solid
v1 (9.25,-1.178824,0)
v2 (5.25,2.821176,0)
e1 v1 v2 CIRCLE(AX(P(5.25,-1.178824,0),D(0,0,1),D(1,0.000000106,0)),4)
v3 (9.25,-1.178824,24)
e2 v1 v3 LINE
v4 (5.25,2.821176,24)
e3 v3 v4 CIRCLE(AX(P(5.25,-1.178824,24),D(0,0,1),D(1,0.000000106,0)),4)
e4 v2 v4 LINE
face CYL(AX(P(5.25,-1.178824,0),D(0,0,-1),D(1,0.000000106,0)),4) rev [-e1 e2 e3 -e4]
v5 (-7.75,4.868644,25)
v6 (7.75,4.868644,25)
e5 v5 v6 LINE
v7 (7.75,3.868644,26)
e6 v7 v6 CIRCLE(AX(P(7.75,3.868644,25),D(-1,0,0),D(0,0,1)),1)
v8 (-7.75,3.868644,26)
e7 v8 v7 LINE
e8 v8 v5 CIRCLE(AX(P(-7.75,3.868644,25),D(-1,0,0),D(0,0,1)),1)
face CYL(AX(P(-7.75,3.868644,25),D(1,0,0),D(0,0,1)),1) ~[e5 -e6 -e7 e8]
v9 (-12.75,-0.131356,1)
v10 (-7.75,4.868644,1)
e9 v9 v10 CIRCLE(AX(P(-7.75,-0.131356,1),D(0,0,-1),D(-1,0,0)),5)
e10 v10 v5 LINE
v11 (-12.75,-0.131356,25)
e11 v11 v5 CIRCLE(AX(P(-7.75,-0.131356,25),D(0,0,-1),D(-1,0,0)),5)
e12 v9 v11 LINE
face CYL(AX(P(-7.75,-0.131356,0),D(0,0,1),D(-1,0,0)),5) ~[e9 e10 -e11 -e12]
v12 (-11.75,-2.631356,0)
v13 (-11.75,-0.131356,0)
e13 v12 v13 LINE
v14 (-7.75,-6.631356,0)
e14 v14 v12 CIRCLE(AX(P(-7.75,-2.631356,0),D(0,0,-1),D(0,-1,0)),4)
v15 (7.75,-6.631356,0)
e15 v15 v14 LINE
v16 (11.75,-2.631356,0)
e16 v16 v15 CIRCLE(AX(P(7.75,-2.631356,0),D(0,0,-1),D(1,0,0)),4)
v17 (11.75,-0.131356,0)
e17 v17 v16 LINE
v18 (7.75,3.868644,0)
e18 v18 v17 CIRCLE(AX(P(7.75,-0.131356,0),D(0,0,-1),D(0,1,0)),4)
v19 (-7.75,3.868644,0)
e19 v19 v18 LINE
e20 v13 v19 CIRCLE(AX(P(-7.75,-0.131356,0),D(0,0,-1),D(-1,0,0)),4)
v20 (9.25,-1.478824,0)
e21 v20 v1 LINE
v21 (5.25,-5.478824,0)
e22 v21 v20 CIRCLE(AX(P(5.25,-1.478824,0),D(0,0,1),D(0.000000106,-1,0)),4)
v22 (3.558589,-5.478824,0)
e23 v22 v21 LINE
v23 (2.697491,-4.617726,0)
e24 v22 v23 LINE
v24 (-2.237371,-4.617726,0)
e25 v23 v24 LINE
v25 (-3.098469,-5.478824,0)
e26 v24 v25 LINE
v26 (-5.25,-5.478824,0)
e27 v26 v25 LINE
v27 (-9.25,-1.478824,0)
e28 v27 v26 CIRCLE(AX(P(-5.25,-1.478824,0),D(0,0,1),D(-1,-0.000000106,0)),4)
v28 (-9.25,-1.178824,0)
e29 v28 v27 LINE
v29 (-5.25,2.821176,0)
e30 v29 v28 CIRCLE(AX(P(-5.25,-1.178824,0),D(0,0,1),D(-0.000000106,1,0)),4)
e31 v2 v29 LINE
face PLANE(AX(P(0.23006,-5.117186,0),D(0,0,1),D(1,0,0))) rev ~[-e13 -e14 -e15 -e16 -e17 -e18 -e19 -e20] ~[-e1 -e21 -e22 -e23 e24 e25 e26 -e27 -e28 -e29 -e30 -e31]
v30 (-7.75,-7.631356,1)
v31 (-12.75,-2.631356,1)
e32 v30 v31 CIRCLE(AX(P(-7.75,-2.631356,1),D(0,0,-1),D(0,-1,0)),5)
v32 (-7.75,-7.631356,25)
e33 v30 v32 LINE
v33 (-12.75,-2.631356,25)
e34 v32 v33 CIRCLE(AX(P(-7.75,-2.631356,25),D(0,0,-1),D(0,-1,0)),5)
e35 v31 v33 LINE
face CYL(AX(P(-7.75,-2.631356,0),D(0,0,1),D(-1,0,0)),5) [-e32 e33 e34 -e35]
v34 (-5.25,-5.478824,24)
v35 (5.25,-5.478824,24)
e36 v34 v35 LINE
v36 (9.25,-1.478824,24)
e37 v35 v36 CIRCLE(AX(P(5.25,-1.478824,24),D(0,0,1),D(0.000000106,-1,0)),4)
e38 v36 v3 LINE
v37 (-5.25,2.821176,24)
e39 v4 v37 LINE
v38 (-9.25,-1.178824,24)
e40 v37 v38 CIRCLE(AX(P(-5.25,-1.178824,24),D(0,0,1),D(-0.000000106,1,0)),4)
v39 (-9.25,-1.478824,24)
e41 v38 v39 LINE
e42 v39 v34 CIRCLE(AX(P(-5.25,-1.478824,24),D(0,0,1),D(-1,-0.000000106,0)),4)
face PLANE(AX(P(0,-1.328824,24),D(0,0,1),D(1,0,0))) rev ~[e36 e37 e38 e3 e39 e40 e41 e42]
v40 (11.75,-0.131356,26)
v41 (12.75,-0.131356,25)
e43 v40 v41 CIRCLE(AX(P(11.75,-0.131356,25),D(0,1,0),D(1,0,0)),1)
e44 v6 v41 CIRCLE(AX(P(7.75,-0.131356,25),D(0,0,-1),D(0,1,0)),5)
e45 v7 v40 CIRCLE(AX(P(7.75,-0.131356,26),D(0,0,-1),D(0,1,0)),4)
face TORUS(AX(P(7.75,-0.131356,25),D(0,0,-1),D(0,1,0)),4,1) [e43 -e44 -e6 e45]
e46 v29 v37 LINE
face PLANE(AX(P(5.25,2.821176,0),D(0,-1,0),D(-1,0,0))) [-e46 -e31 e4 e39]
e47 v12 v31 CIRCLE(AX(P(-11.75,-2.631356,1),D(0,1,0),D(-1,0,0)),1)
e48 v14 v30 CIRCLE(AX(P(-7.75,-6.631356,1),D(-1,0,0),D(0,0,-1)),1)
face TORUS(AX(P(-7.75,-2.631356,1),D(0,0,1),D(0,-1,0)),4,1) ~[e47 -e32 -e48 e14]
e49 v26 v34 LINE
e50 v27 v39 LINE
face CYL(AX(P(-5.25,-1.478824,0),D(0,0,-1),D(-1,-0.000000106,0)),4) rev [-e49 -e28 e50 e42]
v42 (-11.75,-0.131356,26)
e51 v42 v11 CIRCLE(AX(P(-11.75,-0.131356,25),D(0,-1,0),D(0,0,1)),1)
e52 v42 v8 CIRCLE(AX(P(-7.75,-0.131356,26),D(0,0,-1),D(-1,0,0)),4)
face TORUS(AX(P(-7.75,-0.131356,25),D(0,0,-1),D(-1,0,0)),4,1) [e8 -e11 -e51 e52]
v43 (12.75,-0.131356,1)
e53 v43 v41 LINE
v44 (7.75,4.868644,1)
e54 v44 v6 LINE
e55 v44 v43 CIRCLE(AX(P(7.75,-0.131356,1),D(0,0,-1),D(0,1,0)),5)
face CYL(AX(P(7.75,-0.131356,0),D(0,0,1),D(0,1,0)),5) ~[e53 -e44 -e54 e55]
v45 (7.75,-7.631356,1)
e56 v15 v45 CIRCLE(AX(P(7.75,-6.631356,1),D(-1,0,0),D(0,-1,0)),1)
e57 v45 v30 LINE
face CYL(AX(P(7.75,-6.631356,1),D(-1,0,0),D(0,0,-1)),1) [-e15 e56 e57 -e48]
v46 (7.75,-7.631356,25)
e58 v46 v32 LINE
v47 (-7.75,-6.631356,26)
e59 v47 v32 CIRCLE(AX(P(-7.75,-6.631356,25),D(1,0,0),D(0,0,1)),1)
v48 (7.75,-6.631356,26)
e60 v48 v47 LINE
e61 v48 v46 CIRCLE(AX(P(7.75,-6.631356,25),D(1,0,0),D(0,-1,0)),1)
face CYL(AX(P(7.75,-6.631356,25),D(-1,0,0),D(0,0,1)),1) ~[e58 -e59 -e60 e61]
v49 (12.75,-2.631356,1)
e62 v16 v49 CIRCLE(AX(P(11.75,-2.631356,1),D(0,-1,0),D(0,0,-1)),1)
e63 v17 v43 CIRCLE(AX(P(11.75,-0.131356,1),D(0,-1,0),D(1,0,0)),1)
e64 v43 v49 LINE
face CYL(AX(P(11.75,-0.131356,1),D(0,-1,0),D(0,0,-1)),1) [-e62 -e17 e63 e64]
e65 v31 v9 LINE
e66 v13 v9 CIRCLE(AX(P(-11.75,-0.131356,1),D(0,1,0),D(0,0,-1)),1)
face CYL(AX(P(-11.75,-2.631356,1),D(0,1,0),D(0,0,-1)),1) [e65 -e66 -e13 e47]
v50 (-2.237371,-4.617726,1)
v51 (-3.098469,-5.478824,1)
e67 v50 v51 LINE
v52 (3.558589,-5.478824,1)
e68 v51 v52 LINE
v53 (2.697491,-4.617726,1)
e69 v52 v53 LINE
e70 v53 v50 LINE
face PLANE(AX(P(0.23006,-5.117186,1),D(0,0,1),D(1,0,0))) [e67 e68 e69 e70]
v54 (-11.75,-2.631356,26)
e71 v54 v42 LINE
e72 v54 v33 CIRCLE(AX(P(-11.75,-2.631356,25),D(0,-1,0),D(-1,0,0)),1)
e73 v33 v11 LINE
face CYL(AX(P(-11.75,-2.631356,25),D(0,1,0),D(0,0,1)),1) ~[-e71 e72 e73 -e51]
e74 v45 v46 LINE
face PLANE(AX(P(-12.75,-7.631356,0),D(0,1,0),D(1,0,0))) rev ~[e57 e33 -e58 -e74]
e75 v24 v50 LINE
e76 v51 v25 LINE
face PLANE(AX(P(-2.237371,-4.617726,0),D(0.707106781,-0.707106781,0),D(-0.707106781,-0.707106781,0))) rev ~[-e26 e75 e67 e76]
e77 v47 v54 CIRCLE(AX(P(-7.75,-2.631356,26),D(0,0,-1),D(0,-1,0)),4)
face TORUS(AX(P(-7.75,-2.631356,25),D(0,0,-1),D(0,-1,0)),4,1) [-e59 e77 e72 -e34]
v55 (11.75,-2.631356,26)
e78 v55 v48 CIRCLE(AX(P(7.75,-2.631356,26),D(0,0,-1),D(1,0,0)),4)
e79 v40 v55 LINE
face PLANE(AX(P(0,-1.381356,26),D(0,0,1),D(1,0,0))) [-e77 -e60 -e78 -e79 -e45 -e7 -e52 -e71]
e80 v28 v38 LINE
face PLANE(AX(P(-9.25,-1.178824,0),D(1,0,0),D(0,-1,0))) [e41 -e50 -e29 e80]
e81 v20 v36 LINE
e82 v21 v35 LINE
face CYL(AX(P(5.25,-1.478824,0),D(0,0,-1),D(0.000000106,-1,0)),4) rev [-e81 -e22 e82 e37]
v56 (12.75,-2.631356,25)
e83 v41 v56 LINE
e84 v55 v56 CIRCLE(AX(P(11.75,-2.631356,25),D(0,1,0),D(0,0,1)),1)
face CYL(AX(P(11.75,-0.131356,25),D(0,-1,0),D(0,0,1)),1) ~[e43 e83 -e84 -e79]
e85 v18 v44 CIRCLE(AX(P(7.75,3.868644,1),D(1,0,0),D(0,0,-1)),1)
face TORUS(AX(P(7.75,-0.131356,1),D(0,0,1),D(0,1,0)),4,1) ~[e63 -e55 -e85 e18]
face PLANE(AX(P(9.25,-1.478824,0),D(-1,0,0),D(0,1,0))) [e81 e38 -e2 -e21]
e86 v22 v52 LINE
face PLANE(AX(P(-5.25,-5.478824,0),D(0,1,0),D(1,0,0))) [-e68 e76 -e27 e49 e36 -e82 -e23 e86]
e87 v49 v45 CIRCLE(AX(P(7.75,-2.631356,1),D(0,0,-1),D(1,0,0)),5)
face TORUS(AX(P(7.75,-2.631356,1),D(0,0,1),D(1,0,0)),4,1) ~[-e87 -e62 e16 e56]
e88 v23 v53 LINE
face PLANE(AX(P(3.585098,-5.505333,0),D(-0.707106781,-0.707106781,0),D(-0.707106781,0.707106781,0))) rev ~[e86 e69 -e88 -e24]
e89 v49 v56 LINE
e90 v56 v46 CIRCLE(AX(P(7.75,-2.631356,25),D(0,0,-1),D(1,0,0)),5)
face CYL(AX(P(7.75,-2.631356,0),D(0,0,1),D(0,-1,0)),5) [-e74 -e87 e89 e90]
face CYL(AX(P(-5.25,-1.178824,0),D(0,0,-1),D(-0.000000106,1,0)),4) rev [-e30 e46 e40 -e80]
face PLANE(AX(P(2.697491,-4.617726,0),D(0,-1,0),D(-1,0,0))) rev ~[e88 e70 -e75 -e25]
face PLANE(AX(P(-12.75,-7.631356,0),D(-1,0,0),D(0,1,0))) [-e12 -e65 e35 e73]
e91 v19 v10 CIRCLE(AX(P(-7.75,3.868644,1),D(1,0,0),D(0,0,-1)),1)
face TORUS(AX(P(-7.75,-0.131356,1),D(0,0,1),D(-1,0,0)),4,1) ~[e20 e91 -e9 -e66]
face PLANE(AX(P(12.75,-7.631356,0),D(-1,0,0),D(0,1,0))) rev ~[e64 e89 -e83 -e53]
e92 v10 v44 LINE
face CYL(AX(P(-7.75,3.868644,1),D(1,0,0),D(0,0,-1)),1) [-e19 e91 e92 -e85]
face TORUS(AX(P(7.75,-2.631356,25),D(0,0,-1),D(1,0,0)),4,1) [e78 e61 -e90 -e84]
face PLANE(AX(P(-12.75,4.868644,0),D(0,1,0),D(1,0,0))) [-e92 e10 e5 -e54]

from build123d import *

# Parameters (mm, degrees)
F1_W     = 25.5
F1_H     = 12.5
F2_DEPTH = 26
F3_DEPTH = 24
F4_R     = 5
F5_R     = 1
F7_DEPTH = 1


with BuildPart() as f2:
    # F1 (on Top) → F2 (new body)
    with BuildSketch(Plane.XY):
        with Locations((0, -1.381356)):
            Rectangle(F1_W, F1_H)
    extrude(amount=F2_DEPTH)

    # F0 (on Top) → F3 (cut)
    with BuildSketch(Plane.XY):
        with BuildLine():
            Line((-5.25, -5.478824), (5.25, -5.478824))
            ThreePointArc((5.25, -5.478824), (8.078427, -4.307251), (9.25, -1.478824))
            Line((9.25, -1.478824), (9.25, -1.178824))
            ThreePointArc((9.25, -1.178824), (8.078427, 1.649603), (5.25, 2.821176))
            Line((5.25, 2.821176), (-5.25, 2.821176))
            ThreePointArc((-5.25, 2.821176), (-8.078427, 1.649603), (-9.25, -1.178824))
            Line((-9.25, -1.178824), (-9.25, -1.478824))
            ThreePointArc((-9.25, -1.478824), (-8.078427, -4.307251), (-5.25, -5.478824))
        make_face()
    extrude(amount=F3_DEPTH, mode=Mode.SUBTRACT)

    # F4
    f4_edges = [f2.edges().sort_by_distance(p)[0] for p in [
        (12.75, -7.631356, 13),
        (12.75, 4.868644, 13),
        (-12.75, -7.631356, 13),
        (-12.75, 4.868644, 13),
    ]]
    fillet(f4_edges, radius=F4_R)

    # F5
    f5_edges = [f2.edges().sort_by_distance(p)[0] for p in [
        (0, 4.868644, 0),
        (0, 4.868644, 26),
    ]]
    fillet(f5_edges, radius=F5_R)

    # F6 (on face) → F7 (join)
    with BuildSketch(Plane.XY):
        Polygon((-2.237371, -4.617726), (-3.124978, -5.505333), (3.585098, -5.505333), (2.697491, -4.617726), align=None)
    extrude(amount=F7_DEPTH)


solid = f2.part
